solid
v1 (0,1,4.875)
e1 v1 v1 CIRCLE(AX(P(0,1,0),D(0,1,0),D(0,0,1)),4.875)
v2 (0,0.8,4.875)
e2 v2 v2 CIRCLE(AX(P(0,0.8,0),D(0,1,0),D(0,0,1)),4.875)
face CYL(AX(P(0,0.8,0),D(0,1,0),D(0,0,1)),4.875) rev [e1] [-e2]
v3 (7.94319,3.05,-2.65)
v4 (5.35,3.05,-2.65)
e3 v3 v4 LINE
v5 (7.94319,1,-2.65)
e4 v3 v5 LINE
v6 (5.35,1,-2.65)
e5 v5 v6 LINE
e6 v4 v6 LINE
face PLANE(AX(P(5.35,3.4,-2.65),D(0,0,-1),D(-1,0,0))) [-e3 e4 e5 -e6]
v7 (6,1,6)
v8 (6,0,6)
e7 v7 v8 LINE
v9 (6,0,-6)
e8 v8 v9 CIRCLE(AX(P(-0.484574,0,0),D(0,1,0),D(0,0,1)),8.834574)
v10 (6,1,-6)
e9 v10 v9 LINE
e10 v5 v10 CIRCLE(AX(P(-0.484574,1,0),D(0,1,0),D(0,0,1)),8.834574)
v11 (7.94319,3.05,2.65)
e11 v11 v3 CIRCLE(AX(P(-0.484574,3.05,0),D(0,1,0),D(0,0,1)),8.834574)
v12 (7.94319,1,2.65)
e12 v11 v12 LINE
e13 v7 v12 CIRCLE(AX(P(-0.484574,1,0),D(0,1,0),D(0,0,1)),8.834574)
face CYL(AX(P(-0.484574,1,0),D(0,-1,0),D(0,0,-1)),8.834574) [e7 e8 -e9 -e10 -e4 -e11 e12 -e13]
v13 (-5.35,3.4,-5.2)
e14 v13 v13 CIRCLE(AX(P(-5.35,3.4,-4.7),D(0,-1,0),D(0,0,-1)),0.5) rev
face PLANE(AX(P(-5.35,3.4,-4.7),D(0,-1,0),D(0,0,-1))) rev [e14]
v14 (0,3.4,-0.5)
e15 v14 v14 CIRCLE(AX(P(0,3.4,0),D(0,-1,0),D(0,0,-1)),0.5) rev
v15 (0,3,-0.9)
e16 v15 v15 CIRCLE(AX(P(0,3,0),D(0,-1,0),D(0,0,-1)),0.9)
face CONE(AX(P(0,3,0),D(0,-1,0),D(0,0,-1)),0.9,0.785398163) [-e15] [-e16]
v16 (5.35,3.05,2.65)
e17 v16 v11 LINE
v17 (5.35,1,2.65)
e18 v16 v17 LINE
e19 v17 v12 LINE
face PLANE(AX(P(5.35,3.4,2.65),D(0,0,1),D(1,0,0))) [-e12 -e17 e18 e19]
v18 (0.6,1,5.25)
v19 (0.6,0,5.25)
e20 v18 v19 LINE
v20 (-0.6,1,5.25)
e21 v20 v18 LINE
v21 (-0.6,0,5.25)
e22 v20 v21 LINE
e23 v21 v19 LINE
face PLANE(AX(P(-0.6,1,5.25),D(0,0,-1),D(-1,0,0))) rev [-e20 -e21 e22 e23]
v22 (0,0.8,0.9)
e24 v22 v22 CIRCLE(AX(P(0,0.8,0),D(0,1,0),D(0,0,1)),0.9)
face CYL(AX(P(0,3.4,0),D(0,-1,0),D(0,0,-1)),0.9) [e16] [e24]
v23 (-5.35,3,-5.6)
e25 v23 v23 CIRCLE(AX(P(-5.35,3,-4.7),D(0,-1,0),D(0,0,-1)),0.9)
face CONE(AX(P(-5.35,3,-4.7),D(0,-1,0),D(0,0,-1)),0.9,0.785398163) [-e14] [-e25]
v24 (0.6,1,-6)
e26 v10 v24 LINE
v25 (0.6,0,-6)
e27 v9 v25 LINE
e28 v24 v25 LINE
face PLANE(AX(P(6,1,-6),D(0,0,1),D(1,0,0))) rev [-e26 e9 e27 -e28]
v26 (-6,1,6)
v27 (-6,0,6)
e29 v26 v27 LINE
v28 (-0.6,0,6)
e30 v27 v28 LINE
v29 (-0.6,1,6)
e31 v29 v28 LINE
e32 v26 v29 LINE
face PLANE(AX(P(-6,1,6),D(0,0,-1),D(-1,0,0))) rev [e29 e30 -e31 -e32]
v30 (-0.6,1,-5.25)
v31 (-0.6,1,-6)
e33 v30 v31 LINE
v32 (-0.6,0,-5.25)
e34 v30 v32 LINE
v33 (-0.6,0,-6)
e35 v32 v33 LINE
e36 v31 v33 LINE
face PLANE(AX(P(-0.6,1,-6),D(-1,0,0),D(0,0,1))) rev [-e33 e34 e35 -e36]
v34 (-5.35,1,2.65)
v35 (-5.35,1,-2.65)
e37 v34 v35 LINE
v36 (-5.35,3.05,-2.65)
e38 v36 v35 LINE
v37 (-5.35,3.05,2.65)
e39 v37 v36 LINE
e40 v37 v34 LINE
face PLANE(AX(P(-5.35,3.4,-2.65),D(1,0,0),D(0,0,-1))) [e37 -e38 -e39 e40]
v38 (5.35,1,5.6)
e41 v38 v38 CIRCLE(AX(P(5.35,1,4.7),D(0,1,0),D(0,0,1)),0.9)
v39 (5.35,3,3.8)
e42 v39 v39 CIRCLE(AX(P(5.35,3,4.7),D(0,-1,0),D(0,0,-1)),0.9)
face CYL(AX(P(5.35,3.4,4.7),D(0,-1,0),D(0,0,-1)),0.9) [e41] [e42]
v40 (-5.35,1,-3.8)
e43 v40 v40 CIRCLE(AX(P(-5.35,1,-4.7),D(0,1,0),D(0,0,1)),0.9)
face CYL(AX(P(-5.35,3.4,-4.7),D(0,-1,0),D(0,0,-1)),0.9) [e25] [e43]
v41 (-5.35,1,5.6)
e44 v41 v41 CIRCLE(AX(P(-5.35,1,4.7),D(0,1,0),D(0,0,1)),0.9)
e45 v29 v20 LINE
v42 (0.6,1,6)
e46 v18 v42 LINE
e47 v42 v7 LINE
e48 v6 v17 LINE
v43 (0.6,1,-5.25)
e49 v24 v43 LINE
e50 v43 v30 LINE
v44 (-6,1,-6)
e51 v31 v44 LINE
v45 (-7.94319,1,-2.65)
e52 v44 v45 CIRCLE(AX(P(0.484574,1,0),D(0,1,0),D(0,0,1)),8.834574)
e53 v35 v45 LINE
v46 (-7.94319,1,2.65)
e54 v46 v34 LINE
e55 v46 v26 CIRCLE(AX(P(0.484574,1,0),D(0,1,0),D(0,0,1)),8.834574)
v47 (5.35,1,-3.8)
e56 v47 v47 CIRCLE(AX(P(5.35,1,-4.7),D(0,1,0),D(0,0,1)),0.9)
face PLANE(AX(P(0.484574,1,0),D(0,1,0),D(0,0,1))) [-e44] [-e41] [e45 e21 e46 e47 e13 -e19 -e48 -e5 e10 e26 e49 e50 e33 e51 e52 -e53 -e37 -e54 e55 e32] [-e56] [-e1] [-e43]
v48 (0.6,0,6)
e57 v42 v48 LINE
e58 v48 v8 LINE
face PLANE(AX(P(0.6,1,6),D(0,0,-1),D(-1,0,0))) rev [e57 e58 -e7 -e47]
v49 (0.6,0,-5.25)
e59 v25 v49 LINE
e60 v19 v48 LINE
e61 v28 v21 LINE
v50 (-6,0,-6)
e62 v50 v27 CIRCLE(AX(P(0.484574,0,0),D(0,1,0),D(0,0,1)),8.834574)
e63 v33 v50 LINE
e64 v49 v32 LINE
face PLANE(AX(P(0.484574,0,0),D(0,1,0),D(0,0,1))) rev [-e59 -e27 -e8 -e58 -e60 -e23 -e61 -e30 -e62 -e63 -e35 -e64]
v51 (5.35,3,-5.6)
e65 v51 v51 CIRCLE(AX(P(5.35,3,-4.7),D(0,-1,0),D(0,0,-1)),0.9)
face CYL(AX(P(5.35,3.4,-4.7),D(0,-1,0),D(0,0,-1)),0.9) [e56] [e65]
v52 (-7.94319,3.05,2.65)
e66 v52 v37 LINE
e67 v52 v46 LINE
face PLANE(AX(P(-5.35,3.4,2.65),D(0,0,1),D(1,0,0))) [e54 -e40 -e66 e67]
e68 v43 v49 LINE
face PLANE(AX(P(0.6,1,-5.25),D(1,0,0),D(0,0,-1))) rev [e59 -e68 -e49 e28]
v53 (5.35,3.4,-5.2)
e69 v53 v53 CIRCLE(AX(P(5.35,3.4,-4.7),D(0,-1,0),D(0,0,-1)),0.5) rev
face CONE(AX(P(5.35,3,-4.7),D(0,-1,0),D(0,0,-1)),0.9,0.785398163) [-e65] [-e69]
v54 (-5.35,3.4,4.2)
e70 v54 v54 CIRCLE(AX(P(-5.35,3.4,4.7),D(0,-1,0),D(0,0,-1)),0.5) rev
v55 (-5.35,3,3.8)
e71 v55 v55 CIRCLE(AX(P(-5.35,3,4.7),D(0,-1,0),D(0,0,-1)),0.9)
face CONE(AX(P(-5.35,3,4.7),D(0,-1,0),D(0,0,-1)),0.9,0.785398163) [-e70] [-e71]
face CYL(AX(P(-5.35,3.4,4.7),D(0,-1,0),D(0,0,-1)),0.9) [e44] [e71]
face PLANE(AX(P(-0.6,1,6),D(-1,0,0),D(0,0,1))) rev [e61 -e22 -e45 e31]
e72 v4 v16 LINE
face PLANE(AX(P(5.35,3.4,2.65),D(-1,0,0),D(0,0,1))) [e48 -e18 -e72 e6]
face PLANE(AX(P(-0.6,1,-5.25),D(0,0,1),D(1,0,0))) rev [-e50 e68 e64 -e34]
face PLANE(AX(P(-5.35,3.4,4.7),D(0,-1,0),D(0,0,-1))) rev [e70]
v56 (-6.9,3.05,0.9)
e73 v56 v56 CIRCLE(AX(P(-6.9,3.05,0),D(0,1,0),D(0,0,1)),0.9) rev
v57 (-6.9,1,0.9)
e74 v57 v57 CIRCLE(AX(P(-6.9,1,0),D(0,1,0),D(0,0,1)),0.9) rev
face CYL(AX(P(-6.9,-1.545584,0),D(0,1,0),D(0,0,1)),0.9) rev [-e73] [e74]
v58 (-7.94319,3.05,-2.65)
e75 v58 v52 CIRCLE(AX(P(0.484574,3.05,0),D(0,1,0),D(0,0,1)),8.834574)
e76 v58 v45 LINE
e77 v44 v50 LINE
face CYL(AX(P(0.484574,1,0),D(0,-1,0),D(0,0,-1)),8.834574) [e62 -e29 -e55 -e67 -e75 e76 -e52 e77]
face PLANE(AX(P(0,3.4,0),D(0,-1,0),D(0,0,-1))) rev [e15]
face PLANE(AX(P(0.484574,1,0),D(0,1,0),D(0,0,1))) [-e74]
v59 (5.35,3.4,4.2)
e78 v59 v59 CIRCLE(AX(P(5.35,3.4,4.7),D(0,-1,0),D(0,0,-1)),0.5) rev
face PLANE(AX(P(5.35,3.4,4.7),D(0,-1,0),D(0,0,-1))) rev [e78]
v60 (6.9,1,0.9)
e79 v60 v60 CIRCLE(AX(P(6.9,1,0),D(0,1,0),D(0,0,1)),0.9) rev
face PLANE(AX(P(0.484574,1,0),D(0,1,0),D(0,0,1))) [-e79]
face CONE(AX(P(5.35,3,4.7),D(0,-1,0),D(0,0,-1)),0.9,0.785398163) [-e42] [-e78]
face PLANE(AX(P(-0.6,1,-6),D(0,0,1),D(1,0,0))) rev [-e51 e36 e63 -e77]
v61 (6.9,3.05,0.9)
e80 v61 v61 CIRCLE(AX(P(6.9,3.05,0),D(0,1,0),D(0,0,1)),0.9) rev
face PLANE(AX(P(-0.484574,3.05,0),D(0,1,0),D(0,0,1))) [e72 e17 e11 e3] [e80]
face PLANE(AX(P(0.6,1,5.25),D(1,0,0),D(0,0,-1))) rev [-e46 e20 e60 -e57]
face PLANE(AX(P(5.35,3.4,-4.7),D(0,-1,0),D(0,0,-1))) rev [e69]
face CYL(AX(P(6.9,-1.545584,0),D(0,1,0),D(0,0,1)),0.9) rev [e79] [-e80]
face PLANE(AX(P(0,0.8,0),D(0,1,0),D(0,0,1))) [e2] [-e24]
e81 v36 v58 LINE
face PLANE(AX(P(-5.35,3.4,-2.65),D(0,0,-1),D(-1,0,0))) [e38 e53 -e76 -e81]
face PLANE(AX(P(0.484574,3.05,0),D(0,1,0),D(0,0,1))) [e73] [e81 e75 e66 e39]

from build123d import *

# Parameters (mm, degrees)
SALIENTE_EXTRUIR1_DEPTH = 1
CROQUIS3_R              = 4.875
CORTAR_EXTRUIR1_DEPTH   = 0.2
CROQUIS4_R              = 0.9
CROQUIS4_R_2            = 0.8999999999999994
SALIENTE_EXTRUIR2_DEPTH = 3.4
CHAFL_N1_SIZE           = 0.4
CROQUIS5_R              = 0.8999999999999995
CROQUIS5_R_2            = 0.9000000000000004
CORTAR_EXTRUIR2_DEPTH   = 2.4
CORTAR_EXTRUIR3_START   = -0.35
CORTAR_EXTRUIR3_DEPTH   = 0.35


with BuildPart() as part:
    # Croquis1 → Saliente-Extruir1 (new body)
    with BuildSketch(Plane(origin=(0, 0, 0), x_dir=(1, 0, 0), z_dir=(0, 1, 0))):
        with BuildLine():
            Line((6.000000000184592, 6.000000000000001), (0.6000000001845911, 6.0000000000897735))
            Line((0.6000000001845911, 6.0000000000897735), (0.600000000184591, 5.250000000089774))
            Line((0.600000000184591, 5.250000000089774), (-0.5999999998154079, 5.250000000089775))
            Line((-0.5999999998154079, 5.250000000089775), (-0.5999999998154087, 6.000000000109725))
            Line((-0.5999999998154087, 6.000000000109725), (-5.999999999815408, 6.0000000001995))
            ThreePointArc((-5.999999999815408, 6.0000000001995), (-8.349999999490638, 1.358977e-10), (-6, -6.000000000000001))
            Line((-6, -6.000000000000001), (-0.6, -6.000000000089775))
            Line((-0.6, -6.000000000089775), (-0.6, -5.250000000109726))
            Line((-0.6, -5.250000000109726), (0.6, -5.250000000109726))
            Line((0.6, -5.250000000109726), (0.6000000000000001, -6.000000000109724))
            Line((0.6000000000000001, -6.000000000109724), (6.000000000000001, -6.000000000199499))
            ThreePointArc((6.000000000000001, -6.000000000199499), (8.349999999490638, -1.3589858e-10), (6.000000000184592, 6.000000000000001))
        make_face()
    extrude(amount=SALIENTE_EXTRUIR1_DEPTH)

    # Croquis3 → Cortar-Extruir1 (cut)
    with BuildSketch(Plane(origin=(0, 1, 0), x_dir=(1, 0, 0), z_dir=(0, 1, 0))):
        with Locations(Location((0, 0, 0), (0, 0, 270))):
            Circle(CROQUIS3_R)
    extrude(amount=-CORTAR_EXTRUIR1_DEPTH, mode=Mode.SUBTRACT)

    # Croquis4 → Saliente-Extruir2 (add)
    with BuildSketch(Plane.XZ):
        with Locations(Location((0, 0, 0), (0, 0, 270))):
            Circle(CROQUIS4_R)
        with Locations(Location((-5.3500000000000005, 4.700000000000001, 0), (0, 0, 270))):
            Circle(CROQUIS4_R_2)
        with Locations(Location((-5.349999999815407, -4.700000000199502, 0), (0, 0, 270))):
            Circle(CROQUIS4_R_2)
        with Locations(Location((5.3500000000000005, 4.700000000000001, 0), (0, 0, 270))):
            Circle(CROQUIS4_R_2)
        with Locations(Location((5.3500000000000005, -4.700000000199502, 0), (0, 0, 270))):
            Circle(CROQUIS4_R_2)
        with BuildLine():
            Line((5.3500000000000005, 2.65), (5.3500000000000005, -2.65))
            Line((5.3500000000000005, -2.65), (7.9431895310497564, -2.65))
            ThreePointArc((7.9431895310497564, -2.65), (8.349999999490638, 0), (7.9431895310497564, 2.65))
            Line((7.9431895310497564, 2.65), (5.3500000000000005, 2.65))
        make_face()
        with BuildLine():
            Line((-5.349999999999999, -2.65), (-5.349999999999999, 2.65))
            Line((-5.349999999999999, 2.65), (-7.94318953102517, 2.65))
            ThreePointArc((-7.94318953102517, 2.65), (-8.349999999490638, 1.08e-15), (-7.94318953102517, -2.65))
            Line((-7.94318953102517, -2.65), (-5.349999999999999, -2.65))
        make_face()
    extrude(amount=-SALIENTE_EXTRUIR2_DEPTH)

    # Chaflán1
    chafl_n1_edges = [part.edges().sort_by_distance(p)[0] for p in [
        (2.8e-16, 3.4, 0.9),
        (-5.3500000000000005, 3.4, 5.6000000000000005),
        (5.3500000000000005, 3.4, 5.6000000000000005),
        (-5.349999999815407, 3.4, -3.8000000001995025),
        (5.3500000000000005, 3.4, -3.8000000001995025),
    ]]
    chamfer(chafl_n1_edges, length=CHAFL_N1_SIZE)

    # Croquis5 → Cortar-Extruir2 (cut)
    with BuildSketch(Plane(origin=(0, 3.4, 0), x_dir=(1, 0, 0), z_dir=(0, 1, 0))):
        with Locations(Location((-6.899999999999999, 0, 0), (0, 0, 270))):
            Circle(CROQUIS5_R)
        with Locations(Location((6.8999999999999995, 0, 0), (0, 0, 270))):
            Circle(CROQUIS5_R_2)
    extrude(amount=-CORTAR_EXTRUIR2_DEPTH, mode=Mode.SUBTRACT)

    # Croquis6 → Cortar-Extruir3 (cut)
    with BuildSketch(Plane(origin=(0, 3.4, 0), x_dir=(1, 0, 0), z_dir=(0, 1, 0)).offset(CORTAR_EXTRUIR3_START)):
        with BuildLine():
            Line((-5.349999999999999, 2.65), (-7.943189531025168, 2.6499999999999995))
            ThreePointArc((-7.943189531025168, 2.6499999999999995), (-8.349999999490636, 1.08e-15), (-7.94318953102517, -2.65))
            Line((-7.94318953102517, -2.65), (-5.349999999999999, -2.65))
            Line((-5.349999999999999, -2.65), (-5.349999999999999, 2.65))
        make_face()
        with BuildLine():
            Line((5.3500000000000005, -2.65), (7.9431895310497564, -2.6499999999999995))
            ThreePointArc((7.9431895310497564, -2.6499999999999995), (8.349999999490638, 4.9e-16), (7.9431895310497564, 2.65))
            Line((7.9431895310497564, 2.65), (5.3500000000000005, 2.65))
            Line((5.3500000000000005, 2.65), (5.3500000000000005, -2.65))
        make_face()
    extrude(amount=CORTAR_EXTRUIR3_DEPTH, mode=Mode.SUBTRACT)


solid = part.part
